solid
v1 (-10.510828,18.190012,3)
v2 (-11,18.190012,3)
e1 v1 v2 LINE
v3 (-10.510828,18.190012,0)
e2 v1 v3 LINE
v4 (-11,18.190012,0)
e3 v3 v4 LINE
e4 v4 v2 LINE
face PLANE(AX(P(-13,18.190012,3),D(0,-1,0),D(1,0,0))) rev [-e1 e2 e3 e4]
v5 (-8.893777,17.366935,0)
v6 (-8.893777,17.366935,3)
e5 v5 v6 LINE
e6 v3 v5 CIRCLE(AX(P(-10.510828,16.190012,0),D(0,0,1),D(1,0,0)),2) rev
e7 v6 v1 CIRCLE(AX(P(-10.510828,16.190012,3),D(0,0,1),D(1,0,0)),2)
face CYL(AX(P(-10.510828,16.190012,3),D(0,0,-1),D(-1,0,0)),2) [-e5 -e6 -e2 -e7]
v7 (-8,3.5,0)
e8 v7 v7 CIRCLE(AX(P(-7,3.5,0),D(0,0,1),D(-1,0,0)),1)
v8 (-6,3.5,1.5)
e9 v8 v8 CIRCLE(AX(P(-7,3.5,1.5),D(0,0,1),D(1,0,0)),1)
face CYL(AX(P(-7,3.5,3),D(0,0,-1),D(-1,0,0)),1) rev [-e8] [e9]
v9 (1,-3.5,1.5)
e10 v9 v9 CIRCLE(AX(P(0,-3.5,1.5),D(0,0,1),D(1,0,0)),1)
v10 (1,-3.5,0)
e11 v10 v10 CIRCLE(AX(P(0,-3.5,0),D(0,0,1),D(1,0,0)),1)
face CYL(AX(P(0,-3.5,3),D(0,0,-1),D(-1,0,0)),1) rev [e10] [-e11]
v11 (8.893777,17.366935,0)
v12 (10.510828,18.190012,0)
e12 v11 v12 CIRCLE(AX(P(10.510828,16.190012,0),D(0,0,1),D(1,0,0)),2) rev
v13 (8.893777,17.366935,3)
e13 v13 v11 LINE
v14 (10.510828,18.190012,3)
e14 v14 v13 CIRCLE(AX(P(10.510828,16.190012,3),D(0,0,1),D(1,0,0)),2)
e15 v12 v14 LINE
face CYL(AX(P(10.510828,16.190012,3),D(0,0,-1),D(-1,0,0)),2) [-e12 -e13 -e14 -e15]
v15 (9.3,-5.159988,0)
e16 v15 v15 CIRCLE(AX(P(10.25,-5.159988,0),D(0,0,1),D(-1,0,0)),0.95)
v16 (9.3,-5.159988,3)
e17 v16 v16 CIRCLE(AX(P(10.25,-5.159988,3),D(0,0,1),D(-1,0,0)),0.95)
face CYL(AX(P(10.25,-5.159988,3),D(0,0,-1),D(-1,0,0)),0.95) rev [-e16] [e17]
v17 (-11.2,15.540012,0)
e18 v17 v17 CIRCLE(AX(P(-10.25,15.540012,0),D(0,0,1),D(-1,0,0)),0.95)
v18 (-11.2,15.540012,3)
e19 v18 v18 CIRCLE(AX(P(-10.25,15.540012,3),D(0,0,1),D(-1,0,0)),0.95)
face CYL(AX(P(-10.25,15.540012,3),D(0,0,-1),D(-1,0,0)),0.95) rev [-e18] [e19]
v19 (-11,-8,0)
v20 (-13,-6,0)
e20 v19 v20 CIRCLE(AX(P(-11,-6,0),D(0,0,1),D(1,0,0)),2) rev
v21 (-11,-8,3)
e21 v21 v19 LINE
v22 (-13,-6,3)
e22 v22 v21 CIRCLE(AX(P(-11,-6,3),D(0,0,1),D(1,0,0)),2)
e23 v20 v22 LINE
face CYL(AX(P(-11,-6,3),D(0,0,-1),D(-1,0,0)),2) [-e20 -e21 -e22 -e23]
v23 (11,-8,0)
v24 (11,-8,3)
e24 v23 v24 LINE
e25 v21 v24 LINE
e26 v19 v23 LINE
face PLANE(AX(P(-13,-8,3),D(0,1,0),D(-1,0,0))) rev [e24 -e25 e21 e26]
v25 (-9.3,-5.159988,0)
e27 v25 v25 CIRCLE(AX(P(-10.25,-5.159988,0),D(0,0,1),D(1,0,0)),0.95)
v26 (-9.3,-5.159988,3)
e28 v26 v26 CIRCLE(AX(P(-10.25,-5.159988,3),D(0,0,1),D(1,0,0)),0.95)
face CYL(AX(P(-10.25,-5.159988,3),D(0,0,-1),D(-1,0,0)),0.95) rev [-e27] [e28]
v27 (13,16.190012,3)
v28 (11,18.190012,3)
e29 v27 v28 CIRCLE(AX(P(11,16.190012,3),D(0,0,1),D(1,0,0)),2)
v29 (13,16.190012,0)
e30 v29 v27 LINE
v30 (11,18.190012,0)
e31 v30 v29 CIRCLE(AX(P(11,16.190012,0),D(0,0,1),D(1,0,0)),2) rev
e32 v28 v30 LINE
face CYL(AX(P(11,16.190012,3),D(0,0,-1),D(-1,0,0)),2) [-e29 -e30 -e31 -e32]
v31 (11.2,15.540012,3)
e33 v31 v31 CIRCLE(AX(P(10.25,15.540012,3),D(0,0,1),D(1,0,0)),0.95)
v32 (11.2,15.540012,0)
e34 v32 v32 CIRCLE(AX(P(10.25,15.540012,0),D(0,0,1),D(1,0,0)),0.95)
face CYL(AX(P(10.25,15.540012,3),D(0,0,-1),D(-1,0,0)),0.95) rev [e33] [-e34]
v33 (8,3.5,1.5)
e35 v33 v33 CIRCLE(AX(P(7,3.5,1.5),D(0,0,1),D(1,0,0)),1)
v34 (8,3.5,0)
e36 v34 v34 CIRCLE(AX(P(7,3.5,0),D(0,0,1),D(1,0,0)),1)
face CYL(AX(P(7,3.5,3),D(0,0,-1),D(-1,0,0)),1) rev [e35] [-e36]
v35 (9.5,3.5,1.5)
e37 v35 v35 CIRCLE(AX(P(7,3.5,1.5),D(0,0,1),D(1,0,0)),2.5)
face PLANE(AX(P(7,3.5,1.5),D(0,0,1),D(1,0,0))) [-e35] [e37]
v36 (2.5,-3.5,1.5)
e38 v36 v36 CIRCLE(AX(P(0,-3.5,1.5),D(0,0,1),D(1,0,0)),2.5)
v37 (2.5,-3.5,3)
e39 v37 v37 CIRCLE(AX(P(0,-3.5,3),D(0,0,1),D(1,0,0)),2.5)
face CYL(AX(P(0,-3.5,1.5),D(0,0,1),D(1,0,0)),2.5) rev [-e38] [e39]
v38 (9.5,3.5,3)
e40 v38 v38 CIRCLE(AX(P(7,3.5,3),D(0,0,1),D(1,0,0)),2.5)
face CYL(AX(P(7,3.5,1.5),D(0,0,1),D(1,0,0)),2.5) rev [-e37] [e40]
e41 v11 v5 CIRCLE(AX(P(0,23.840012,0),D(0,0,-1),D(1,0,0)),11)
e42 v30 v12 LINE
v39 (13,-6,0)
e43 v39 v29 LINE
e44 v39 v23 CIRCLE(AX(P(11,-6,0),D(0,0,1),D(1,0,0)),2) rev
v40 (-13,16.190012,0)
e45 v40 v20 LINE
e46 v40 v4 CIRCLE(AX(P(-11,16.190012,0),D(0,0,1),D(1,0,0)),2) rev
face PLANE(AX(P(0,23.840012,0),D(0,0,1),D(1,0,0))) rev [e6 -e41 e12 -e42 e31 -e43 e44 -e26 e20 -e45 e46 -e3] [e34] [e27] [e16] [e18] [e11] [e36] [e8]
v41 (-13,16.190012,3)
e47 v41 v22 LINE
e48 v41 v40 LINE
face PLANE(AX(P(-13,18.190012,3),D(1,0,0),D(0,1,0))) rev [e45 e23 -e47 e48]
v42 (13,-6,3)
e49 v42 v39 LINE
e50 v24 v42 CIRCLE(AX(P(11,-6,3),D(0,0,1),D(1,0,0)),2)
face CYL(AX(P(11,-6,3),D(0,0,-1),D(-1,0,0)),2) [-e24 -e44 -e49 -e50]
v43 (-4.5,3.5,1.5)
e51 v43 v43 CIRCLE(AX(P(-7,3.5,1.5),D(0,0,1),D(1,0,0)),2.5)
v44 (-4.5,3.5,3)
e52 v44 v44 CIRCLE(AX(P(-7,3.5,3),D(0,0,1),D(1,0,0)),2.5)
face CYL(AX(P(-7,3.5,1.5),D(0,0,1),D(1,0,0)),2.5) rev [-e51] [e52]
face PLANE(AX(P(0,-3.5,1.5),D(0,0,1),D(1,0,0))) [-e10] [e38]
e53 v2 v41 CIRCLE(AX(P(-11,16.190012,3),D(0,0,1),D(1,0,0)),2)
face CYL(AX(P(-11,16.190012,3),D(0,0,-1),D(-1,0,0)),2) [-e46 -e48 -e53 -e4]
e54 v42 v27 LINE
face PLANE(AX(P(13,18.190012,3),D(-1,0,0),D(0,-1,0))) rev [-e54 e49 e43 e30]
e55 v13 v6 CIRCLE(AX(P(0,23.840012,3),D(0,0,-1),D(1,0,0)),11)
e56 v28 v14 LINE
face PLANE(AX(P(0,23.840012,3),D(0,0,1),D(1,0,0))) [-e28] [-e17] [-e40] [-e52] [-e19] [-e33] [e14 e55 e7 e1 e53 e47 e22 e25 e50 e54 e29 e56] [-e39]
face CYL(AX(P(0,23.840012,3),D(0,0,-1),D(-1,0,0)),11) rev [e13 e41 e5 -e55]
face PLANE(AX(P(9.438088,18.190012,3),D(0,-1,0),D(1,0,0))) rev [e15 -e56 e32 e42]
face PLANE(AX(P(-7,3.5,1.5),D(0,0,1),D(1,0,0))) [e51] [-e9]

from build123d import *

# Parameters (mm, degrees)
SKETCH_1_R          = 1
SKETCH_1_R_2        = 0.95
EXTRUDE_1_DEPTH     = 3
SKETCH_2_R          = 2.5
CUT_EXTRUDE_1_DEPTH = 1.5
FILLET_1_R          = 2


with BuildPart() as part:
    # 草图1 → 凸台-拉伸1 (new body)
    with BuildSketch(Plane.XY):
        with BuildLine():
            Line((-13, -8), (13, -8))
            Line((13, -8), (13, 18.190012112))
            Line((13, 18.190012112), (9.43808773, 18.190012112))
            ThreePointArc((9.43808773, 18.190012112), (0, 12.840012112), (-9.43808773, 18.190012112))
            Line((-9.43808773, 18.190012112), (-13, 18.190012112))
            Line((-13, 18.190012112), (-13, -8))
        make_face()
        with Locations((7, 3.5)):
            Circle(SKETCH_1_R, mode=Mode.SUBTRACT)
        with Locations(Location((-7, 3.5, 0), (0, 0, 180))):
            Circle(SKETCH_1_R, mode=Mode.SUBTRACT)
        with Locations((0, -3.5)):
            Circle(SKETCH_1_R, mode=Mode.SUBTRACT)
        with Locations((10.25, 15.540012112)):
            Circle(SKETCH_1_R_2, mode=Mode.SUBTRACT)
        with Locations(Location((-10.25, 15.540012112, 0), (0, 0, 180))):
            Circle(SKETCH_1_R_2, mode=Mode.SUBTRACT)
        with Locations((-10.25, -5.159987888)):
            Circle(SKETCH_1_R_2, mode=Mode.SUBTRACT)
        with Locations(Location((10.25, -5.159987888, 0), (0, 0, 180))):
            Circle(SKETCH_1_R_2, mode=Mode.SUBTRACT)
    extrude(amount=EXTRUDE_1_DEPTH)

    # 草图2 → 切除-拉伸1 (cut)
    with BuildSketch(Plane.XY.offset(3)):
        with Locations((-7, 3.5)):
            Circle(SKETCH_2_R)
        with Locations((7, 3.5)):
            Circle(SKETCH_2_R)
        with Locations((0, -3.5)):
            Circle(SKETCH_2_R)
    extrude(amount=-CUT_EXTRUDE_1_DEPTH, mode=Mode.SUBTRACT)

    # 圆角1
    fillet_1_edges = [part.edges().sort_by_distance(p)[0] for p in [
        (13, -8, 1.5),
        (-13, -8, 1.5),
        (-13, 18.190012112, 1.5),
        (-9.43808773, 18.190012112, 1.5),
        (9.43808773, 18.190012112, 1.5),
        (13, 18.190012112, 1.5),
    ]]
    fillet(fillet_1_edges, radius=FILLET_1_R)


solid = part.part
